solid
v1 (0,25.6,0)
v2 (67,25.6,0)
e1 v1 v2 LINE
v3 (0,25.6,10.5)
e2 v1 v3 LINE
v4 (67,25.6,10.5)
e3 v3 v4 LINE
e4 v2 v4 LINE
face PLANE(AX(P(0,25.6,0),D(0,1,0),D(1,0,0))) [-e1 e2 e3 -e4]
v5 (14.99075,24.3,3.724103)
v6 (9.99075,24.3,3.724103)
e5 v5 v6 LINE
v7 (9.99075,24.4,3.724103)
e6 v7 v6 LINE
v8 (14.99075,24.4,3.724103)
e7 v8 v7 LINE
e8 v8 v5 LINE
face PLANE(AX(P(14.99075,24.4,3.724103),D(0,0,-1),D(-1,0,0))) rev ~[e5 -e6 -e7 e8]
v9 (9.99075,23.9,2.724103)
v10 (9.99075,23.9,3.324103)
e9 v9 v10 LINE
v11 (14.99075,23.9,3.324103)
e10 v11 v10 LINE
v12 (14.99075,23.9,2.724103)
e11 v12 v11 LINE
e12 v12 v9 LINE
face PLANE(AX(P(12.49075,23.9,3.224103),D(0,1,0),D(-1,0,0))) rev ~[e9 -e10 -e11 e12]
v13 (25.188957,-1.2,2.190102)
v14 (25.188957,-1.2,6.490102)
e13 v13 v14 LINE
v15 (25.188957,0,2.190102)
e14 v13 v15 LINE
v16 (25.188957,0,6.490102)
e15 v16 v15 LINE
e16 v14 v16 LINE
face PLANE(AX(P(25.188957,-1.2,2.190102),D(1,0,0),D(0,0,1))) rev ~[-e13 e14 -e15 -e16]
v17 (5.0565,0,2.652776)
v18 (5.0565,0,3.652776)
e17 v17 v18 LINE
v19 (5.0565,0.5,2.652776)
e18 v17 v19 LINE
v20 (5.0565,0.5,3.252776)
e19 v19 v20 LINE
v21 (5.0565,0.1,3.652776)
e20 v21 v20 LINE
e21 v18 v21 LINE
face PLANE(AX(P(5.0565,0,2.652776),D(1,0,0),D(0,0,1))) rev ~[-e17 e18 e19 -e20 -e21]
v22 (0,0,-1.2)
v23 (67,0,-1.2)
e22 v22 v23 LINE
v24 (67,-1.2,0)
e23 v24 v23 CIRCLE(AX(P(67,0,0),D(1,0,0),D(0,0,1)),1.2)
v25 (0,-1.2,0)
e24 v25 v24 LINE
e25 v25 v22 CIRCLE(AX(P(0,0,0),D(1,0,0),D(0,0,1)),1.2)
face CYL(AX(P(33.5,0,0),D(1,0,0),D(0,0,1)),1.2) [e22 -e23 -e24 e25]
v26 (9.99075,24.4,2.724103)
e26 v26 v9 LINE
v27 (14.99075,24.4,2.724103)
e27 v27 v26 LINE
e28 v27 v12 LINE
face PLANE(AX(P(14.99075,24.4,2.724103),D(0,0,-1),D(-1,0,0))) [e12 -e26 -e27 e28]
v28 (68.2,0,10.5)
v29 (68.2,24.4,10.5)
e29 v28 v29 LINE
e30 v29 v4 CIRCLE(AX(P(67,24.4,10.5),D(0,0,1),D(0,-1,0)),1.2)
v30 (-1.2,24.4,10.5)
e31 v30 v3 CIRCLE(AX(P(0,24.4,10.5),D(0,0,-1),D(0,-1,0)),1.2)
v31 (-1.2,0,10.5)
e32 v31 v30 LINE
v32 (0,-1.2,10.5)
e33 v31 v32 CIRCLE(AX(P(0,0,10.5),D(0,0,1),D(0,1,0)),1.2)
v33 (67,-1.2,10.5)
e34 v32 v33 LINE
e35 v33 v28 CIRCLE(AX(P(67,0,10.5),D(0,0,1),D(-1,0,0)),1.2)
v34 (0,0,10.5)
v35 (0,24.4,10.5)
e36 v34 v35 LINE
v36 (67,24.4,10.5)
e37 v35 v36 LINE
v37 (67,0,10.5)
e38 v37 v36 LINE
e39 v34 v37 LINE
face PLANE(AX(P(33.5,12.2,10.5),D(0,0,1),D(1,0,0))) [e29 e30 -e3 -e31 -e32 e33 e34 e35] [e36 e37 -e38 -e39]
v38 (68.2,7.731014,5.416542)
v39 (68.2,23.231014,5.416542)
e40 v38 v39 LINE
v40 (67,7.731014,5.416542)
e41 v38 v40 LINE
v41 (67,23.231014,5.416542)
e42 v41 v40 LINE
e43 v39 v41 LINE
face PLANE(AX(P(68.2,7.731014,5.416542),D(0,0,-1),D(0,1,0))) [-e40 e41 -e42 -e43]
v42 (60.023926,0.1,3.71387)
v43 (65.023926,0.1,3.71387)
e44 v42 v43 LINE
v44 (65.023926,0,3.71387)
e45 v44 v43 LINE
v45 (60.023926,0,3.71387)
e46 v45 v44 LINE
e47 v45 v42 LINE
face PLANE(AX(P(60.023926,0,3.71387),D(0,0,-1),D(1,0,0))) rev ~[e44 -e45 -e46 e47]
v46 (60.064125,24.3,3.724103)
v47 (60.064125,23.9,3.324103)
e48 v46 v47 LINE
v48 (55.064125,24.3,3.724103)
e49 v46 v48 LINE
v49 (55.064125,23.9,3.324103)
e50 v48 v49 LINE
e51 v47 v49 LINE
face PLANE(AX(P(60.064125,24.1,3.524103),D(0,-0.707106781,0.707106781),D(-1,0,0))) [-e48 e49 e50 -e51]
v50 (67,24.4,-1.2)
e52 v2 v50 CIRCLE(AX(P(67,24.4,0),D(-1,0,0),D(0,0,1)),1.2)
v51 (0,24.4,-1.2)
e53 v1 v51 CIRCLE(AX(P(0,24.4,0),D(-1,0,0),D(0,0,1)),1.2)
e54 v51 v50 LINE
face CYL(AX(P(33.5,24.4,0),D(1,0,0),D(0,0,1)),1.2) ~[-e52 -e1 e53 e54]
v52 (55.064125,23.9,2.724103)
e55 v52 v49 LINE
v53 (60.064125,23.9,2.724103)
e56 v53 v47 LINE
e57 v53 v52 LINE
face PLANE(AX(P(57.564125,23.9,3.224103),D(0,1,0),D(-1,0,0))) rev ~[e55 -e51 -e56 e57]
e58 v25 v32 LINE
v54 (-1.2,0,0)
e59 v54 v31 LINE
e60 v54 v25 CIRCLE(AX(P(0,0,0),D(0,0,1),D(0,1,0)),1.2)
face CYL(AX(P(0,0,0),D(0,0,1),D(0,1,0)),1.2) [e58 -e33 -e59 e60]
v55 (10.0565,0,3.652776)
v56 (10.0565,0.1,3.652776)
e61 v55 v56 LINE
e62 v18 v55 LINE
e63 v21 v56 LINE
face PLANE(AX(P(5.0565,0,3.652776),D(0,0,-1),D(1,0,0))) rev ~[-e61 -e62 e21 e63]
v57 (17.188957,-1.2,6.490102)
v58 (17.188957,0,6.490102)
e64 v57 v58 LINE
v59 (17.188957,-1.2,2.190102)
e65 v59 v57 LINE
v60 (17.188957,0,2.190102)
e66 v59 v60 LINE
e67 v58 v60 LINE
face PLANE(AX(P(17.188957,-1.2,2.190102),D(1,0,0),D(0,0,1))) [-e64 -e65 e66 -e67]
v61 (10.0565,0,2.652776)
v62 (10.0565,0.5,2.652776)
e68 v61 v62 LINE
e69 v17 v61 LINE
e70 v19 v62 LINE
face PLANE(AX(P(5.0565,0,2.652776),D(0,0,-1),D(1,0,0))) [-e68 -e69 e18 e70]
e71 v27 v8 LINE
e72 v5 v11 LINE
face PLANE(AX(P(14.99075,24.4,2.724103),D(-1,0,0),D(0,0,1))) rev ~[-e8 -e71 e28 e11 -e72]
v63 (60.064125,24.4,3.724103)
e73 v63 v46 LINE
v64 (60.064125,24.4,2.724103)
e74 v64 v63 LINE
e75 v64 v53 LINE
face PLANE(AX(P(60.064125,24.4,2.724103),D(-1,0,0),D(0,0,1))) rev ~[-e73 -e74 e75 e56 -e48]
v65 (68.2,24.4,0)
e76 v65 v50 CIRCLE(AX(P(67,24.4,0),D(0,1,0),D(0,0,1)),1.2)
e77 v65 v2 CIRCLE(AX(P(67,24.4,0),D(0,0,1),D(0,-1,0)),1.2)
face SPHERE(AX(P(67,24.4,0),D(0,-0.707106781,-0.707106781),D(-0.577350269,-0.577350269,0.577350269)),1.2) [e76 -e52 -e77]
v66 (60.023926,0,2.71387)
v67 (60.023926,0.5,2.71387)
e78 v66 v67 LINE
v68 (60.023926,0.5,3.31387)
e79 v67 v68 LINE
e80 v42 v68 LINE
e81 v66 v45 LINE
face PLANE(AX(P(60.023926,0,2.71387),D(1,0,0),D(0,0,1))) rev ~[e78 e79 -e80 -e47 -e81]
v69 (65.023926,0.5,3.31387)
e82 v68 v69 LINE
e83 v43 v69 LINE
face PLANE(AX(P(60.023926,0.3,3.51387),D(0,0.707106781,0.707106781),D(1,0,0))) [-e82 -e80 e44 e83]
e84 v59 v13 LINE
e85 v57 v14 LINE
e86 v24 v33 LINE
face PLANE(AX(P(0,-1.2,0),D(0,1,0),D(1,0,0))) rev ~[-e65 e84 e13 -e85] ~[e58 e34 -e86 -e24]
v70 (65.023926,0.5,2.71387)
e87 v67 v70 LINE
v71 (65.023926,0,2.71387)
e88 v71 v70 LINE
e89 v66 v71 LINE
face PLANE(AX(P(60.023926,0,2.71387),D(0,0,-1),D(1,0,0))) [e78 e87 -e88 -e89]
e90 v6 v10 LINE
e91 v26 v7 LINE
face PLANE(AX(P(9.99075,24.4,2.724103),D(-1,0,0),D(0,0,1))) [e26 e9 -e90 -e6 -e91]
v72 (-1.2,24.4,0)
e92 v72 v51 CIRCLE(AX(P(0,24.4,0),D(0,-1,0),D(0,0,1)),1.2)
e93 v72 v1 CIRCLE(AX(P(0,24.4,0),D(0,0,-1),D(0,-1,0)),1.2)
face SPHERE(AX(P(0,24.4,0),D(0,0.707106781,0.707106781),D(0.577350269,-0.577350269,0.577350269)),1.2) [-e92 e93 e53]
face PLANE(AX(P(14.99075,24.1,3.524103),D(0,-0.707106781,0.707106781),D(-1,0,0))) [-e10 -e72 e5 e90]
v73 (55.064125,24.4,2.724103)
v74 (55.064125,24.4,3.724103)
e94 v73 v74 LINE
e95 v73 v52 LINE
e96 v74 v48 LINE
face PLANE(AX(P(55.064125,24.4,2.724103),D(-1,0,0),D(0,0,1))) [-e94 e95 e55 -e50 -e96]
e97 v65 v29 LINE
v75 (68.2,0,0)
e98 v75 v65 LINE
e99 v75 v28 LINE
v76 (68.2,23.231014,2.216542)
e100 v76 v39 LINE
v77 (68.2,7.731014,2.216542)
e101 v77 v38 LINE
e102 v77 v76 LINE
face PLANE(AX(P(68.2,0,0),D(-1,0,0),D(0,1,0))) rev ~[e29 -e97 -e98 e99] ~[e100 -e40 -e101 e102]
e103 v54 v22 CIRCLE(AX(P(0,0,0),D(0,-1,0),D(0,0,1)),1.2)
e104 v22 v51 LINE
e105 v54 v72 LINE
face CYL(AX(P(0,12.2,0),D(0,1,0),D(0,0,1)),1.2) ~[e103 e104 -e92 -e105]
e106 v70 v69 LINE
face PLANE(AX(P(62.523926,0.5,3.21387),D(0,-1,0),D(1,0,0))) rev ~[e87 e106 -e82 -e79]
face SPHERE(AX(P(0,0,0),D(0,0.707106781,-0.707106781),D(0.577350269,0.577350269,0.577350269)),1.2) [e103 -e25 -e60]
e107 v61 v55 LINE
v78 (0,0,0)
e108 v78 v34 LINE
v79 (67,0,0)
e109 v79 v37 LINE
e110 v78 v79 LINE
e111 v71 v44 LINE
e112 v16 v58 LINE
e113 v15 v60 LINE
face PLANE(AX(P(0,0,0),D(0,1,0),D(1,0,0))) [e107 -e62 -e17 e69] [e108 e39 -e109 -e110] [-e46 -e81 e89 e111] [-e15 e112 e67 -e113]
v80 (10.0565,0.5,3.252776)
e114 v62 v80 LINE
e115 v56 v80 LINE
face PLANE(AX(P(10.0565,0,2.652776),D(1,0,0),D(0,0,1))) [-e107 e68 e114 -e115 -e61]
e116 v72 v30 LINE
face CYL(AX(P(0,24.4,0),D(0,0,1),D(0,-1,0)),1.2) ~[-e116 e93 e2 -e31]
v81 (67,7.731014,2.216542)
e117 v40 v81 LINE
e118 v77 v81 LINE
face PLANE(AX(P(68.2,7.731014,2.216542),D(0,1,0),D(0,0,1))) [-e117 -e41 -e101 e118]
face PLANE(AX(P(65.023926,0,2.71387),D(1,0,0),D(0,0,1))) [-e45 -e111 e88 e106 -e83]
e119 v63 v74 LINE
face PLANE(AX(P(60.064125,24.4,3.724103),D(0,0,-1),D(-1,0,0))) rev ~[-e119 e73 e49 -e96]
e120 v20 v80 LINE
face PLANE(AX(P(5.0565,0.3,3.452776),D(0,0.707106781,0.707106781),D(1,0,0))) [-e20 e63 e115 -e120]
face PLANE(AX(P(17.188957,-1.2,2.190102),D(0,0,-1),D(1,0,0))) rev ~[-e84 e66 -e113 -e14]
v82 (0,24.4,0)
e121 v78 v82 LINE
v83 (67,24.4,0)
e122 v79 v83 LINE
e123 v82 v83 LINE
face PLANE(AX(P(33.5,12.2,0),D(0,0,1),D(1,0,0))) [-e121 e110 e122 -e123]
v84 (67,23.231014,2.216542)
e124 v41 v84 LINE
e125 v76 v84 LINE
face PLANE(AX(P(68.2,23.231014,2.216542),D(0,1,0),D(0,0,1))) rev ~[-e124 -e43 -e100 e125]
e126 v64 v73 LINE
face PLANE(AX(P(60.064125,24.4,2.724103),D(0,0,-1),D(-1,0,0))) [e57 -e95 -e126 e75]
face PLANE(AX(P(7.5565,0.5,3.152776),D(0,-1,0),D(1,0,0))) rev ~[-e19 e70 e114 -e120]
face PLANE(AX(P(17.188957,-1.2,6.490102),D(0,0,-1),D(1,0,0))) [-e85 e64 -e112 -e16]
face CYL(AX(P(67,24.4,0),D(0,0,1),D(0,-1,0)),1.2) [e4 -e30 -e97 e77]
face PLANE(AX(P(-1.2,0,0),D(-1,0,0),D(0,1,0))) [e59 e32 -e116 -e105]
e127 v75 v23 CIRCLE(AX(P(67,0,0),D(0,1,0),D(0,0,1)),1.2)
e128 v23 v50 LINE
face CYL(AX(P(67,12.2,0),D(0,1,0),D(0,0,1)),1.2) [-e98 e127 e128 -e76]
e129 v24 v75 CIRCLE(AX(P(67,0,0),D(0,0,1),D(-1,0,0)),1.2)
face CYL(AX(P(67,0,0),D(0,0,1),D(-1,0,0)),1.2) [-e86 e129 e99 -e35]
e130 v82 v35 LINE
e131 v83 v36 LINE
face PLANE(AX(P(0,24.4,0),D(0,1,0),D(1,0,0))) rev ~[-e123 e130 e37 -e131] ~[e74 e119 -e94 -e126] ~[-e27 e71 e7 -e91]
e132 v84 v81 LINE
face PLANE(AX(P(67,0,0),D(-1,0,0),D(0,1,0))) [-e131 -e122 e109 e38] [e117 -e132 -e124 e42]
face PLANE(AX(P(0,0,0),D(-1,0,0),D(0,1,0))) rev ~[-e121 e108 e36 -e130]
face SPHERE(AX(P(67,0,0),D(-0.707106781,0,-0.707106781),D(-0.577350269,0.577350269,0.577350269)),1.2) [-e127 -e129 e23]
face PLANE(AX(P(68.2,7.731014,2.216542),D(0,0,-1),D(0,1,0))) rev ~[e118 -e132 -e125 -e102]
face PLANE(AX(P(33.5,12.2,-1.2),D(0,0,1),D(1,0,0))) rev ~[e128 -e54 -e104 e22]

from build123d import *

# Parameters (mm, degrees)
BOX_W           = 67
BOX_H           = 24.4
BOX_DEPTH       = 10.5
THICKNESS_T     = 1.2
SKETCH_W        = 8
SKETCH_H        = 4.3
POCKET_DEPTH    = 5
SKETCH001_W     = 15.5
SKETCH001_H     = 3.2
POCKET001_DEPTH = 5
SKETCH002_W     = 5
SKETCH002_H     = 1
PAD_DEPTH       = 0.5
SKETCH003_W     = 5
SKETCH003_H     = 1
PAD001_DEPTH    = 0.5
CHAMFER_SIZE    = 0.4
CHAMFER001_SIZE = 0.4
CHAMFER002_SIZE = 0.4
CHAMFER003_SIZE = 0.4


with BuildPart() as part:
    # Box → Box (new body)
    with BuildSketch(Plane.XY):
        with Locations((33.5, 12.2)):
            Rectangle(BOX_W, BOX_H)
    extrude(amount=BOX_DEPTH)

    # Thickness
    thickness_openings = [part.faces().sort_by_distance(p)[0] for p in [
        (33.5, 12.2, 10.5),
    ]]
    offset(amount=THICKNESS_T, openings=thickness_openings)

    # Sketch (on Face14 of Thickness) → Pocket (cut)
    with BuildSketch(Plane.XZ.offset(1.2)):
        with Locations((21.188957, 4.340102)):
            Rectangle(SKETCH_W, SKETCH_H)
    extrude(amount=-POCKET_DEPTH, mode=Mode.SUBTRACT)

    # Sketch001 (on Face17 of Pocket) → Pocket001 (cut)
    with BuildSketch(Plane.YZ.offset(68.2)):
        with Locations((15.481014, 3.816542)):
            Rectangle(SKETCH001_W, SKETCH001_H)
    extrude(amount=-POCKET001_DEPTH, mode=Mode.SUBTRACT)

    # Sketch002 (on Face2 of Pocket001) → Pad (join)
    with BuildSketch(Plane.XZ):
        with Locations((7.5565, 3.152776)):
            Rectangle(SKETCH002_W, SKETCH002_H)
        with Locations((62.523926, 3.21387)):
            Rectangle(SKETCH002_W, SKETCH002_H)
    extrude(amount=-PAD_DEPTH)

    # Sketch003 (on Face5 of Pad) → Pad001 (join)
    with BuildSketch(Plane(origin=(0, 24.4, 0), x_dir=(-1, 0, 0), z_dir=(0, 1, 0))):
        with Locations((-57.564125, 3.224103)):
            Rectangle(SKETCH003_W, SKETCH003_H)
        with Locations((-12.49075, 3.224103)):
            Rectangle(SKETCH003_W, SKETCH003_H)
    extrude(amount=-PAD001_DEPTH)

    # Chamfer
    chamfer_edges = [part.edges().sort_by_distance(p)[0] for p in [
        (12.49075, 23.9, 3.724103),
    ]]
    chamfer(chamfer_edges, length=CHAMFER_SIZE)

    # Chamfer001
    chamfer001_edges = [part.edges().sort_by_distance(p)[0] for p in [
        (57.564125, 23.9, 3.724103),
    ]]
    chamfer(chamfer001_edges, length=CHAMFER001_SIZE)

    # Chamfer002
    chamfer002_edges = [part.edges().sort_by_distance(p)[0] for p in [
        (62.523926, 0.5, 3.71387),
    ]]
    chamfer(chamfer002_edges, length=CHAMFER002_SIZE)

    # Chamfer003
    chamfer003_edges = [part.edges().sort_by_distance(p)[0] for p in [
        (7.5565, 0.5, 3.652776),
    ]]
    chamfer(chamfer003_edges, length=CHAMFER003_SIZE)


solid = part.part
